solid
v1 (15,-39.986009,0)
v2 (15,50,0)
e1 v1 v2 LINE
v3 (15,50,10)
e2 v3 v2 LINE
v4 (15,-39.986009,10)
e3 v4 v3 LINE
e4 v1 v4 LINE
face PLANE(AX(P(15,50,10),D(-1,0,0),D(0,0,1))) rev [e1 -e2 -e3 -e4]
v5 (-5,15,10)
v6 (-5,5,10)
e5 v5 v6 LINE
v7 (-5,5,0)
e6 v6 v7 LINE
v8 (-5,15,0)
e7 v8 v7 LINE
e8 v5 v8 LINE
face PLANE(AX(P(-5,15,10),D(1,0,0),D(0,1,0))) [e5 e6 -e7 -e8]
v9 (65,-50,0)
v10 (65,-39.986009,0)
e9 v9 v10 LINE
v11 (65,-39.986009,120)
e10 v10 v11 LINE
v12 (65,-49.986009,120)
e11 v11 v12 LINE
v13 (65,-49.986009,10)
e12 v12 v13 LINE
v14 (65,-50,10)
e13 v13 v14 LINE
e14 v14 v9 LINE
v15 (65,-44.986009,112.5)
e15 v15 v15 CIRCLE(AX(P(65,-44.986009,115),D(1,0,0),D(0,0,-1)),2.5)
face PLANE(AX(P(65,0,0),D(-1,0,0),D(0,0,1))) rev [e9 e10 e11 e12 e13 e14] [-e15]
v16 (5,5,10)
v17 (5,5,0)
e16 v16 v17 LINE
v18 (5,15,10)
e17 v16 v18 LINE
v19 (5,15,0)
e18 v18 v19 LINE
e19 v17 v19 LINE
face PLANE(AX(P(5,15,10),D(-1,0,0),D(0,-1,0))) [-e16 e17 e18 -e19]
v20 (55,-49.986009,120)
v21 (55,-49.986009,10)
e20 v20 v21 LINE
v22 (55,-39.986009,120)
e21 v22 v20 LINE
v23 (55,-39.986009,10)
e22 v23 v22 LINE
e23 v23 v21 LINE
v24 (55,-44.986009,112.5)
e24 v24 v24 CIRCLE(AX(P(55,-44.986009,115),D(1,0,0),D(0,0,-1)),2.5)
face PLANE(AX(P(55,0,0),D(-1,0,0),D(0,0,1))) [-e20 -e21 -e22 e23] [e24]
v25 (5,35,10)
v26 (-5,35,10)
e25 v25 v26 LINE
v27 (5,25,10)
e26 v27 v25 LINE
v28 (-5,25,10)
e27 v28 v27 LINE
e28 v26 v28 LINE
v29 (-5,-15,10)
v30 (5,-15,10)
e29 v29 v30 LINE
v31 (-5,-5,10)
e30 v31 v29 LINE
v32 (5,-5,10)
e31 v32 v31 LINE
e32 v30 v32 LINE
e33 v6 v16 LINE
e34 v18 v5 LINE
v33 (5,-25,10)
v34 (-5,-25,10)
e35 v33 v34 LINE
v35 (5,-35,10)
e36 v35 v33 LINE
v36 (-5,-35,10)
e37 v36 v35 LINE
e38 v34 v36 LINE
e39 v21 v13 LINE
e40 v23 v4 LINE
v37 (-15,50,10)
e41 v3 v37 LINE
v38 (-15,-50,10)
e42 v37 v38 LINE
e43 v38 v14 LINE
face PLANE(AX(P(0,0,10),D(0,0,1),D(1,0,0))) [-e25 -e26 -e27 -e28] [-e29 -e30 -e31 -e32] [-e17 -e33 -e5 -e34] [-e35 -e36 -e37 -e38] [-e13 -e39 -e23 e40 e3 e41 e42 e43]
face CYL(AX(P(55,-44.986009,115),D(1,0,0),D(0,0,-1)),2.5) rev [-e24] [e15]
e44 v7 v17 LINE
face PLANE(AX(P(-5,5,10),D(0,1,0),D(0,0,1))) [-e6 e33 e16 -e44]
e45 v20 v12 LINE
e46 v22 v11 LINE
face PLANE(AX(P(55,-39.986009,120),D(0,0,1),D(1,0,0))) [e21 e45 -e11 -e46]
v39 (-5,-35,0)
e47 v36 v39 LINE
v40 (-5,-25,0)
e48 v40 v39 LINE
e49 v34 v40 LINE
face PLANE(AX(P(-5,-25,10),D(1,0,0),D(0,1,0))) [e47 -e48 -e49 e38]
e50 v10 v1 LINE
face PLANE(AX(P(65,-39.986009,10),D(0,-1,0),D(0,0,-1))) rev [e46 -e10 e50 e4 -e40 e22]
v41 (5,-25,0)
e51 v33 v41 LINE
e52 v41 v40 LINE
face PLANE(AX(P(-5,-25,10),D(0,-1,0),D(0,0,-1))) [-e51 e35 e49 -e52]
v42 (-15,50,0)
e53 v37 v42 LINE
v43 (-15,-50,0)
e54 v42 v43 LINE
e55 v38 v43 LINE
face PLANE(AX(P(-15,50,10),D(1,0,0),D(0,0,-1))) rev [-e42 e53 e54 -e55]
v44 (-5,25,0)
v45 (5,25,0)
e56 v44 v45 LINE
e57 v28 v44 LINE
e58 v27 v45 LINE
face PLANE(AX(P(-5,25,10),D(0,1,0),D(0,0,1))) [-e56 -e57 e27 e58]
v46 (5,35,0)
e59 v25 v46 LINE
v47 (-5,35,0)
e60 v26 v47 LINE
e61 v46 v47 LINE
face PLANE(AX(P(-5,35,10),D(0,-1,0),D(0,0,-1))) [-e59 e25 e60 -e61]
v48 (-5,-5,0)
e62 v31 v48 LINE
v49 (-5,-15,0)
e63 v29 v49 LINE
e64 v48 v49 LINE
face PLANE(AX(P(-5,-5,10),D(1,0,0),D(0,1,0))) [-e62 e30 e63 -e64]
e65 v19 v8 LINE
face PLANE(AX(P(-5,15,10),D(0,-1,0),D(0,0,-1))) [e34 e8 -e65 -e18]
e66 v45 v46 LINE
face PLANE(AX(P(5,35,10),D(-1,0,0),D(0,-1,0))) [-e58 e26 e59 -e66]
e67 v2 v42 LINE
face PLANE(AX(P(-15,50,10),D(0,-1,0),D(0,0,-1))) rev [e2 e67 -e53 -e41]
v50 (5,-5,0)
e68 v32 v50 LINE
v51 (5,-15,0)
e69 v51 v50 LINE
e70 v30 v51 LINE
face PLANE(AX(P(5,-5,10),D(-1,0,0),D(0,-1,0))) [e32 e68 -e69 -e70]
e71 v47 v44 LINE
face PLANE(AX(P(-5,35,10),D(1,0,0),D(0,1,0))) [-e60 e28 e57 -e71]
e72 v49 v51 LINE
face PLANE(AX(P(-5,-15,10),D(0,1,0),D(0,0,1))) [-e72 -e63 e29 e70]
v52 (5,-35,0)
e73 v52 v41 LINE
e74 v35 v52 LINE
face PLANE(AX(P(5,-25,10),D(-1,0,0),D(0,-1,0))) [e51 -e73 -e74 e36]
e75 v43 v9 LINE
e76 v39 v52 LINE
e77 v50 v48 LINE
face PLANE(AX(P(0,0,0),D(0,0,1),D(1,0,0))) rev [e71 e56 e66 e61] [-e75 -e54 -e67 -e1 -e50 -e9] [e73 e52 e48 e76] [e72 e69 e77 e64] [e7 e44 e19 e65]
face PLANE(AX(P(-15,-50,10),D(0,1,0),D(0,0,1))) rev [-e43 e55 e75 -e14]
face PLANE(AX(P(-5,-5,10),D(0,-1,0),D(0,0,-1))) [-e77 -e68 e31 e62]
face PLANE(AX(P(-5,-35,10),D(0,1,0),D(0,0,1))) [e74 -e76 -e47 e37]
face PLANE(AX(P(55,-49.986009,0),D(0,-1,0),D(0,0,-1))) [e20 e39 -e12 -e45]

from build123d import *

# Parameters (mm, degrees)
SKETCH_1_W      = 30
SKETCH_1_H      = 100
SKETCH_1_W_2    = 10
SKETCH_1_H_2    = 10
EXTRUDE_1_DEPTH = 10
SKETCH_2_W      = 10
SKETCH_2_H      = 10.013991437
EXTRUDE_2_DEPTH = 50
SKETCH_3_W      = 120
SKETCH_3_H      = 10
SKETCH_3_R      = 2.5
EXTRUDE_3_DEPTH = 10


with BuildPart() as part:
    # 스케치1 → 보스-돌출1 (new body)
    with BuildSketch(Plane.XY):
        Rectangle(SKETCH_1_W, SKETCH_1_H)
        with Locations((0, 10)):
            Rectangle(SKETCH_1_W_2, SKETCH_1_H_2, mode=Mode.SUBTRACT)
        with Locations((0, 30)):
            Rectangle(SKETCH_1_W_2, SKETCH_1_H_2, mode=Mode.SUBTRACT)
        with Locations((0, -10)):
            Rectangle(SKETCH_1_W_2, SKETCH_1_H_2, mode=Mode.SUBTRACT)
        with Locations((0, -30)):
            Rectangle(SKETCH_1_W_2, SKETCH_1_H_2, mode=Mode.SUBTRACT)
    extrude(amount=EXTRUDE_1_DEPTH)

    # 스케치2 → 보스-돌출2 (add)
    with BuildSketch(Plane(origin=(15, 0, 0), x_dir=(0, 0, -1), z_dir=(1, 0, 0))):
        with Locations((-5, -44.993004282)):
            Rectangle(SKETCH_2_W, SKETCH_2_H)
    extrude(amount=EXTRUDE_2_DEPTH)

    # 스케치3 → 보스-돌출3 (add)
    with BuildSketch(Plane(origin=(65, 0, 0), x_dir=(0, 0, -1), z_dir=(1, 0, 0))):
        with Locations((-60, -44.986008563)):
            Rectangle(SKETCH_3_W, SKETCH_3_H)
        with Locations((-115, -44.986008563)):
            Circle(SKETCH_3_R, mode=Mode.SUBTRACT)
    extrude(amount=-EXTRUDE_3_DEPTH)


solid = part.part
